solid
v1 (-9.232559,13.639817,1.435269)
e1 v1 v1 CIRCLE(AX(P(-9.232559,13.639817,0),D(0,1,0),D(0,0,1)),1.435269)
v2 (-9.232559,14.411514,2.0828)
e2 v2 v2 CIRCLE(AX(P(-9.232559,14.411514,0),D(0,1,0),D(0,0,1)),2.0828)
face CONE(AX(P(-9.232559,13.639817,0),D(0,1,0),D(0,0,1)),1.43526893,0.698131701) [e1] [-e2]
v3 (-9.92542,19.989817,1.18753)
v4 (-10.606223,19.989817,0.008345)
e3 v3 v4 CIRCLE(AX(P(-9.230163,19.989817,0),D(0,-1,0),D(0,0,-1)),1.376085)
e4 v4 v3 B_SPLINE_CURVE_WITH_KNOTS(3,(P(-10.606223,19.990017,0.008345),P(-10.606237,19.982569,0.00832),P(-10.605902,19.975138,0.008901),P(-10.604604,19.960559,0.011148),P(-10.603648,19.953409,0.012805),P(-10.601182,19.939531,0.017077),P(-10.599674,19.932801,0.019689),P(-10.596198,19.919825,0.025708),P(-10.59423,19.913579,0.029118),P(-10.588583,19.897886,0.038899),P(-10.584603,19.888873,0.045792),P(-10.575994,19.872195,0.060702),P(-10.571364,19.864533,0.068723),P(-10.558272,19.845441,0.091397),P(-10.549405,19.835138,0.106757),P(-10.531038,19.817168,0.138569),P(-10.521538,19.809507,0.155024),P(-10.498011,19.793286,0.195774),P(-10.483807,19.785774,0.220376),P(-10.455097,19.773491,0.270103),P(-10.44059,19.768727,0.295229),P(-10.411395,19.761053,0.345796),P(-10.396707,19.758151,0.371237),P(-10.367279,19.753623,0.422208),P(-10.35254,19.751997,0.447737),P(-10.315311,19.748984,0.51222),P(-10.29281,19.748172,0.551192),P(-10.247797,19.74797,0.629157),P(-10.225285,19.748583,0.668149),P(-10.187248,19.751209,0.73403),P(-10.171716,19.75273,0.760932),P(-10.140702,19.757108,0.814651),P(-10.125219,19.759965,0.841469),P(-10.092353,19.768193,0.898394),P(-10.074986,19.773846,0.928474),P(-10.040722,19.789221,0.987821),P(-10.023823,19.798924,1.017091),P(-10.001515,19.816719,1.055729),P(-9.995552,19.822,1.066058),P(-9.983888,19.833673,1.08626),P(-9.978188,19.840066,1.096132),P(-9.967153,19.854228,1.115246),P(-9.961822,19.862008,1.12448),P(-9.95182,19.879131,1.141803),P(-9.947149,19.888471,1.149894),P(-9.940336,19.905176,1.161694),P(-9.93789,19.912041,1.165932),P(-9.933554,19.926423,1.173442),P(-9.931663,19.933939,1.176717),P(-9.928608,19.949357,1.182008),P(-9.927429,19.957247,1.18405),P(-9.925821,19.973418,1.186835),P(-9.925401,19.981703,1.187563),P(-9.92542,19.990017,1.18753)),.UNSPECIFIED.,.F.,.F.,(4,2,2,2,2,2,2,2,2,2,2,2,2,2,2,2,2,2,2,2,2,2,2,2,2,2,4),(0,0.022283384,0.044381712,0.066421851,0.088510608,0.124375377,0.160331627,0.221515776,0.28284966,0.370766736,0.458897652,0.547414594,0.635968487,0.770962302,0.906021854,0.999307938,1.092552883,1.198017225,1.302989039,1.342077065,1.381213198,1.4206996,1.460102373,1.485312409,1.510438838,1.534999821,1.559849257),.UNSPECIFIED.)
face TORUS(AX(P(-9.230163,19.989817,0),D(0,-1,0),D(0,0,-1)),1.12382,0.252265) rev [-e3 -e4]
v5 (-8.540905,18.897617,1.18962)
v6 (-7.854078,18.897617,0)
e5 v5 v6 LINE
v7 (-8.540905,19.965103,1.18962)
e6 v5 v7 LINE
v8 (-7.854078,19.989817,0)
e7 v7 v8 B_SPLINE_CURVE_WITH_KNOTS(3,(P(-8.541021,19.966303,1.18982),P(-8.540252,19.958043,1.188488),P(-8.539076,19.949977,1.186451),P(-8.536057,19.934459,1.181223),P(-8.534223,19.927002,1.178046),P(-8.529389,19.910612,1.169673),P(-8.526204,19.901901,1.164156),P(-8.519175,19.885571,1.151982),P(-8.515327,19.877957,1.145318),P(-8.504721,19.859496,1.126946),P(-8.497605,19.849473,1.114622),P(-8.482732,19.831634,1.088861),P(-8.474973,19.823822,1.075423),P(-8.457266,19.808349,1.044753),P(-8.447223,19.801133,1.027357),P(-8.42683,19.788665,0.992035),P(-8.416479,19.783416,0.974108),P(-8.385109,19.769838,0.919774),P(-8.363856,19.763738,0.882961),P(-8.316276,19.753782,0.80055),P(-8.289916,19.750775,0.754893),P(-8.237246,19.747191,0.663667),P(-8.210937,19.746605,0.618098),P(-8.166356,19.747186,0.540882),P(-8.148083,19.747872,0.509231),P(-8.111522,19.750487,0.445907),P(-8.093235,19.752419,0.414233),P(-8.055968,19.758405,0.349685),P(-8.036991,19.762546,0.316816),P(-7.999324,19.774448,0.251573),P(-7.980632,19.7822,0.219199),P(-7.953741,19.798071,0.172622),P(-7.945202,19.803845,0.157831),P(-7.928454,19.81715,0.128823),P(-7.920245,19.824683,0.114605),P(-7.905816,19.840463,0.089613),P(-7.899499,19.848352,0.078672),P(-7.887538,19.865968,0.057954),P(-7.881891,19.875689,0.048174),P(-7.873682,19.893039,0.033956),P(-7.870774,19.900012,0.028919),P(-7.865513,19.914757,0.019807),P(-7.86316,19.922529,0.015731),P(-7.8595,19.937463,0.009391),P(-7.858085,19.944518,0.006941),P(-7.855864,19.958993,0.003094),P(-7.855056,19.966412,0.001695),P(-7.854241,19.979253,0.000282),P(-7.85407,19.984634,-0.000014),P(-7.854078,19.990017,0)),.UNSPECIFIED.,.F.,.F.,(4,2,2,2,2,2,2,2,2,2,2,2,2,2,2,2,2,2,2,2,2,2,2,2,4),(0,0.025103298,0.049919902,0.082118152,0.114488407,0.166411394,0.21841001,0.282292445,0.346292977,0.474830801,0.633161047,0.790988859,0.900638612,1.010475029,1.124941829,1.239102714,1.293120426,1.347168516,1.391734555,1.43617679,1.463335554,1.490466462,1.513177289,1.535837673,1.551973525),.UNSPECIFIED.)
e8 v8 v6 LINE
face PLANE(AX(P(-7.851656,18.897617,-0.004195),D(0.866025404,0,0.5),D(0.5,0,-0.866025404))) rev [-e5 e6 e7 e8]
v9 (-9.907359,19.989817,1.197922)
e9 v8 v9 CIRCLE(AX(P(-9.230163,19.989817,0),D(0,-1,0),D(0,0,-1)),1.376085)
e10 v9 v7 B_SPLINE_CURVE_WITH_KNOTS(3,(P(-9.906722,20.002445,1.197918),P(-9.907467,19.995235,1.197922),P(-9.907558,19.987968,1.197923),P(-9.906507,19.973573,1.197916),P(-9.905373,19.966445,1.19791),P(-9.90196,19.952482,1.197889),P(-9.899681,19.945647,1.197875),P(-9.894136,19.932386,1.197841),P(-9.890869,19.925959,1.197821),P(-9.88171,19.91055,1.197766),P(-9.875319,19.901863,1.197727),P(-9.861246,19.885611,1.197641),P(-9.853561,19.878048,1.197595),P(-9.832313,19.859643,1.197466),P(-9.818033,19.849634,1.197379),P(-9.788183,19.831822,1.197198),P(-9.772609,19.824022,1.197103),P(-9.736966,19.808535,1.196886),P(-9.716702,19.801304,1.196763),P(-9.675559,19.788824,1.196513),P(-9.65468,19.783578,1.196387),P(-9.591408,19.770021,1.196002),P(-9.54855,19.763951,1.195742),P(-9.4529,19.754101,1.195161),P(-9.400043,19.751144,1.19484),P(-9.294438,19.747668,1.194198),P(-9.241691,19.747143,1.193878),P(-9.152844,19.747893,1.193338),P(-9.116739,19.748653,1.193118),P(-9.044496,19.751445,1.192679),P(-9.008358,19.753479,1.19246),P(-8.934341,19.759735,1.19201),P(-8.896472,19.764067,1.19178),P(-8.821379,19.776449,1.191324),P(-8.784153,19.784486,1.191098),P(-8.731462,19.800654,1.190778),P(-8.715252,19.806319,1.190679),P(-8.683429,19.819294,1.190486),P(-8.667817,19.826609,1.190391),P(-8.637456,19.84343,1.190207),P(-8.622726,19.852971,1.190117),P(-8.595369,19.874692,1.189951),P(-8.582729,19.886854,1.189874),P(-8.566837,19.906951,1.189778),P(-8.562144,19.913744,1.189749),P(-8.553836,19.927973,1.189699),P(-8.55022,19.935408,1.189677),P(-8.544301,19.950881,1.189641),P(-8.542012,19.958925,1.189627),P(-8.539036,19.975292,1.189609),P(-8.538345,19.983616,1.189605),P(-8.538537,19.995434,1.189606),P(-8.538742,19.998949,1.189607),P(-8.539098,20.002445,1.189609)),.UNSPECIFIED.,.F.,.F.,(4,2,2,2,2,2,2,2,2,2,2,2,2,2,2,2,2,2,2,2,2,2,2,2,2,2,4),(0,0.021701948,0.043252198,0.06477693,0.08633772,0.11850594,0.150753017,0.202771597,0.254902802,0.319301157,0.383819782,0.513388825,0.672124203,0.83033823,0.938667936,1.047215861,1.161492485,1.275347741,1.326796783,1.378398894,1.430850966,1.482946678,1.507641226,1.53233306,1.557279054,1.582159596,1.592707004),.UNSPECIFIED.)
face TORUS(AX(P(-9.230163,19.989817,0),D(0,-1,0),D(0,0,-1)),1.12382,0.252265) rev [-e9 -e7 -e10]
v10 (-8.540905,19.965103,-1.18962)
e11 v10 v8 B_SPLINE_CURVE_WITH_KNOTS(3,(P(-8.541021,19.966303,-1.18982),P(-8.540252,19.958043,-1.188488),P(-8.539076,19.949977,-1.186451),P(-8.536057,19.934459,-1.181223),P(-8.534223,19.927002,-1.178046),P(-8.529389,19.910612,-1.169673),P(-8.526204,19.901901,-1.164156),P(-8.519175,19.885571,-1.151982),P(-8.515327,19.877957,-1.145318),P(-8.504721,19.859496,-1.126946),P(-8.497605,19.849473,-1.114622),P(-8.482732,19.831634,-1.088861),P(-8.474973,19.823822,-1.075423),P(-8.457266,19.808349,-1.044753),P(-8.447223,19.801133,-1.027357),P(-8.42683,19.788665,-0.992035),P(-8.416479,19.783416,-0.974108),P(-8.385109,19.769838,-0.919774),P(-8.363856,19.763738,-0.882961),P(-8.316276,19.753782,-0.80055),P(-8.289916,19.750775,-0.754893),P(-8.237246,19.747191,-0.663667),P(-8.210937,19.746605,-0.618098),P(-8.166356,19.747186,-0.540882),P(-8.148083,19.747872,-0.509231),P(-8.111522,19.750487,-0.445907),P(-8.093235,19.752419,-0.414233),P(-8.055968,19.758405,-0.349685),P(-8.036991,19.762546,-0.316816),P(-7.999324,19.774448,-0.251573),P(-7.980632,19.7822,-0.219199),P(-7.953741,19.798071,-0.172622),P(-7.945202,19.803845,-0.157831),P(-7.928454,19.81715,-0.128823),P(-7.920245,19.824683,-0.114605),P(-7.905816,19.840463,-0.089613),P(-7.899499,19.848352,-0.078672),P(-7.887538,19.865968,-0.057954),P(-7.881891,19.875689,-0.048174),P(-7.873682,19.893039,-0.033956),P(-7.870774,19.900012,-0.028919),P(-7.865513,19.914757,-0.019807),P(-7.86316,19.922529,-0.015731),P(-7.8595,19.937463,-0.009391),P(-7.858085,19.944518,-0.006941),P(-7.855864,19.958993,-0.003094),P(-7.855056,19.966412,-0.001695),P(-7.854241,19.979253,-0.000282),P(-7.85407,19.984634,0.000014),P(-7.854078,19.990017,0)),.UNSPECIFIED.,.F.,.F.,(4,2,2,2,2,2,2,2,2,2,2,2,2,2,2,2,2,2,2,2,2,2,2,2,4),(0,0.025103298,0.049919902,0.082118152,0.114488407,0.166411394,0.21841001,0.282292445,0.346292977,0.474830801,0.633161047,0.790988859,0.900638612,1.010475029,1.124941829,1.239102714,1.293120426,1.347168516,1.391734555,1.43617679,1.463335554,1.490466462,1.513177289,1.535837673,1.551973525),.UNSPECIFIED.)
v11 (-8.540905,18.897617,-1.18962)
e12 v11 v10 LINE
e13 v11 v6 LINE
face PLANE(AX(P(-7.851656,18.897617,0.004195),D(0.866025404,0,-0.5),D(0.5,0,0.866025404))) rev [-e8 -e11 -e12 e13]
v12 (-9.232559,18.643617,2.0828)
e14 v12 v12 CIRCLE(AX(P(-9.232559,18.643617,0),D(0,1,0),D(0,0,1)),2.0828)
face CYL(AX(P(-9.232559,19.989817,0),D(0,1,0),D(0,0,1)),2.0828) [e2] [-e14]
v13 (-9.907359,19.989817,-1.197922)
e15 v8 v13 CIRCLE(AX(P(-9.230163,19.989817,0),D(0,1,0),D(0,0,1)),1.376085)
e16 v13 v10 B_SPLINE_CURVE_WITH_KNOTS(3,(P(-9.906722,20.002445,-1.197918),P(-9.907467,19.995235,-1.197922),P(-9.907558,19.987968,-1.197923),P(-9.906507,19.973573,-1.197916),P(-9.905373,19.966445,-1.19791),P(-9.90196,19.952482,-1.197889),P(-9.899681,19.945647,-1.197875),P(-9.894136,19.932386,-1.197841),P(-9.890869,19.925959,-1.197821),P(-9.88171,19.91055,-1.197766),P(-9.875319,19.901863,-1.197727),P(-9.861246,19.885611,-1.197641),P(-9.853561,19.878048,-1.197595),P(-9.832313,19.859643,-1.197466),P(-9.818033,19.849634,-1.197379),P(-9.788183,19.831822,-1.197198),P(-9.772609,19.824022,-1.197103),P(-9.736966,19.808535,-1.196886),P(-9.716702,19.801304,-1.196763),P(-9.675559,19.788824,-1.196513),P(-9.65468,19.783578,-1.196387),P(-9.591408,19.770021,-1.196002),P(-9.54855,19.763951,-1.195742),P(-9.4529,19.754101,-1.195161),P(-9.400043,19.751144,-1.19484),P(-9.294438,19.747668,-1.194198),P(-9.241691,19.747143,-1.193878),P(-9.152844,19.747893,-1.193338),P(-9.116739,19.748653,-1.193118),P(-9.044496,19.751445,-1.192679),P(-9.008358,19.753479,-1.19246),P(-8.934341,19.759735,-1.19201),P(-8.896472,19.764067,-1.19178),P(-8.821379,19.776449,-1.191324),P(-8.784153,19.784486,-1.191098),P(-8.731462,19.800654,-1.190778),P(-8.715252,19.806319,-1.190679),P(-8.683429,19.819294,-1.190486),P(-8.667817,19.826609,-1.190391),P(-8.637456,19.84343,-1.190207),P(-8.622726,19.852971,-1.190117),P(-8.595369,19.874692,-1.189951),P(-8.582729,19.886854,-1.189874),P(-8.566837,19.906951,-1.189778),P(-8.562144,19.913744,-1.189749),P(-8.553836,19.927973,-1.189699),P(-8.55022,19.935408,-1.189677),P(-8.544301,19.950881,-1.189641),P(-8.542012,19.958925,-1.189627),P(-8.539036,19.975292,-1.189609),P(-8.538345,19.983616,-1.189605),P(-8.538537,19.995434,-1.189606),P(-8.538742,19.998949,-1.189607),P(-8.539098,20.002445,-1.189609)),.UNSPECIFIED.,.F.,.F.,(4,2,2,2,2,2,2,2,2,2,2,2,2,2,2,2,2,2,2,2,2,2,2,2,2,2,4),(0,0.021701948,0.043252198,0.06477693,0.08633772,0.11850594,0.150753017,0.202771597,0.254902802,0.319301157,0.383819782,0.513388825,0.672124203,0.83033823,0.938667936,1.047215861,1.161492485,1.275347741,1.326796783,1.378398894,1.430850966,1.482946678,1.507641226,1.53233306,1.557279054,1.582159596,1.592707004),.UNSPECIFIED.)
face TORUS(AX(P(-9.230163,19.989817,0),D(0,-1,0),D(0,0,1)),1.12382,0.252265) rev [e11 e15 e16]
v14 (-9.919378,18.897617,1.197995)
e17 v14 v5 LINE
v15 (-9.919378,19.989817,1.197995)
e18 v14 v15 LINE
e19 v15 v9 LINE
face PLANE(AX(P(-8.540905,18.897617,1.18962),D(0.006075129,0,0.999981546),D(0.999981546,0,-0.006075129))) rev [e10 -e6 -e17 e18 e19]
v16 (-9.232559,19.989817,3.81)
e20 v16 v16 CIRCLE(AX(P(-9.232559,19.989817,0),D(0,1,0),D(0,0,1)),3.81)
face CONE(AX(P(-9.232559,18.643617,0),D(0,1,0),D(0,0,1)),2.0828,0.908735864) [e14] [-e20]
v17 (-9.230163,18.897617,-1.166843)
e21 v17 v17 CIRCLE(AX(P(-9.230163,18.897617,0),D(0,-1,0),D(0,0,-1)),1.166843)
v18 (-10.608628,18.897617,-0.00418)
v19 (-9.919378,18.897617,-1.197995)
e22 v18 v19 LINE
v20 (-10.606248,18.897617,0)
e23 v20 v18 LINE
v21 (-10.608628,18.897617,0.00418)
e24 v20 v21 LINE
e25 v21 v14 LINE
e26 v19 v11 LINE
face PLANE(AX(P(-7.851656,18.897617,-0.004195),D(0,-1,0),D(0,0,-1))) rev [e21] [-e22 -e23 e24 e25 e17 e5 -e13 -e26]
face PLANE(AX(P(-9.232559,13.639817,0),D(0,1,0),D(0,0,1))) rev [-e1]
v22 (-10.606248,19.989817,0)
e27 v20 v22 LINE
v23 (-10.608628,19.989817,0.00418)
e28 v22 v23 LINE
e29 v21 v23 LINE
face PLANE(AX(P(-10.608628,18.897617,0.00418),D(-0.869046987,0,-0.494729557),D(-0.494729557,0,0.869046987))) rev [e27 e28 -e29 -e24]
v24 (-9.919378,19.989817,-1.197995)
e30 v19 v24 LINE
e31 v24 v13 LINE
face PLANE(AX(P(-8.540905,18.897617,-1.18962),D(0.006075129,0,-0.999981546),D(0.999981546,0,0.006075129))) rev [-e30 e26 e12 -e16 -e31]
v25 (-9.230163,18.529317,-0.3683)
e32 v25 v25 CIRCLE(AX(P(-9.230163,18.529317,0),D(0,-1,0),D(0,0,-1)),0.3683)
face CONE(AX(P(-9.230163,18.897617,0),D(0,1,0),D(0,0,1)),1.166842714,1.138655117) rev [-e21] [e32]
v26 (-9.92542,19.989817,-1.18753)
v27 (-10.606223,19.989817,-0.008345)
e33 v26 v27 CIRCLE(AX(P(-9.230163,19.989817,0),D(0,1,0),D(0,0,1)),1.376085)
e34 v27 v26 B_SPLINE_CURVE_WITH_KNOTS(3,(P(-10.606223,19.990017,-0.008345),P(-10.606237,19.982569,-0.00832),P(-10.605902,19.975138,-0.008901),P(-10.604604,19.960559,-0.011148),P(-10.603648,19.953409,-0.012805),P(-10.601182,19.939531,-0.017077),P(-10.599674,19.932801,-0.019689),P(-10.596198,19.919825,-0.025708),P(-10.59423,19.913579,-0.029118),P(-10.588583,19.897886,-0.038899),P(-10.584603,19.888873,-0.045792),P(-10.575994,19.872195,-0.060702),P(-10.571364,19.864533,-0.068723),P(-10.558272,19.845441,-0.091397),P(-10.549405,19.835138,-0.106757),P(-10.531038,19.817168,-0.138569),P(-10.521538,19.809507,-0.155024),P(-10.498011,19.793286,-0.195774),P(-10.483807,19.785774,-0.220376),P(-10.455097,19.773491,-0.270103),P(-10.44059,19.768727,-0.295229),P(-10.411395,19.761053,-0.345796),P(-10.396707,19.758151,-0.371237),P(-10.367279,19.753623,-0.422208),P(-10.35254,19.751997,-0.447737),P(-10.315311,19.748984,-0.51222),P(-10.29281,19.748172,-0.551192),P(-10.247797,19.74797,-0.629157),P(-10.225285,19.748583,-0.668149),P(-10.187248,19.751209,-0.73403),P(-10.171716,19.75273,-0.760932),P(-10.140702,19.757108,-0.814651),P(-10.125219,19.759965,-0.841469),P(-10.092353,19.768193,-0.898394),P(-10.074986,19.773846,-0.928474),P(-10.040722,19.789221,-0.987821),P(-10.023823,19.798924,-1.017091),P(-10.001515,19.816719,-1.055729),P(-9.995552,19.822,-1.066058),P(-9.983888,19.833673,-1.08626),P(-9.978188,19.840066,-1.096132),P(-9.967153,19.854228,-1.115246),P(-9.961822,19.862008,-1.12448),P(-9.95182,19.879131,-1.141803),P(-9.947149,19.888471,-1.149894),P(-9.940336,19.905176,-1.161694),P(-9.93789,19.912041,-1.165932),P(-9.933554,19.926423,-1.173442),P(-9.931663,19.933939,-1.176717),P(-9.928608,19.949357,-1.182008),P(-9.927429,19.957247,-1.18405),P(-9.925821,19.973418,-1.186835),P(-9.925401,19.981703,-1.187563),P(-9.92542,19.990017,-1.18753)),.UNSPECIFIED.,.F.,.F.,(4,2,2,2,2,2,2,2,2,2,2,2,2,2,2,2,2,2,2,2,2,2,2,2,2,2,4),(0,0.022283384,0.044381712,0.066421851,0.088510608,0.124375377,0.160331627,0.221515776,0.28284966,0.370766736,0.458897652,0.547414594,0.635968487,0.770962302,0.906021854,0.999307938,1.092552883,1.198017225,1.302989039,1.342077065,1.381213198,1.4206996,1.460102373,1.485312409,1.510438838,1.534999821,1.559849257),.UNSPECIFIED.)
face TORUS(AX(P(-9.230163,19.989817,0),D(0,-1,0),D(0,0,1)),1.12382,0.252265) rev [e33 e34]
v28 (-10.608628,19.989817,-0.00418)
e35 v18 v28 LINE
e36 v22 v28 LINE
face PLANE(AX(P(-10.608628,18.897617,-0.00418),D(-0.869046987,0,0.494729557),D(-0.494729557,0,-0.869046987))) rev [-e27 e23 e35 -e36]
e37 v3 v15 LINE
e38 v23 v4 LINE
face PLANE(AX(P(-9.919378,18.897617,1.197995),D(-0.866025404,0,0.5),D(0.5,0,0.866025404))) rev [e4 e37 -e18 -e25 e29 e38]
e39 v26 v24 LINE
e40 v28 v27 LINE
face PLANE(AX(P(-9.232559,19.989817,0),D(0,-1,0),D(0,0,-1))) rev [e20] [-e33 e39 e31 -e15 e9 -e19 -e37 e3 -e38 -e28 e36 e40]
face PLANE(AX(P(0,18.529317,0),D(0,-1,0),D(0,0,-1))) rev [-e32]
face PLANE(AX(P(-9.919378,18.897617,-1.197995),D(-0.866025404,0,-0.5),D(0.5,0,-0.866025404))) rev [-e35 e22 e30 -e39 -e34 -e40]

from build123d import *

# Parameters (mm, degrees)
CUT_EXTRUDE1_DEPTH = 1.0922
CUT_EXTRUDE2_DEPTH = 7.35


with BuildPart() as part:
    # Sketch1 → Revolve1 (revolve)
    with BuildSketch(Plane.XY):
        Polygon((-9.232559292, 19.989816719), (-5.422559292, 19.989816719), (-7.149759292, 18.643616719), (-7.149759292, 14.411514199), (-7.797290363, 13.639816719), (-9.232559292, 13.639816719), align=None)
    revolve(axis=Axis((-9.232559292, 19.989816719, 0), (0, -1, 0)))

    # Sketch2 → Cut-Extrude1 (cut)
    with BuildSketch(Plane(origin=(0, 19.989816719, 0), x_dir=(1, 0, 0), z_dir=(0, 1, 0))):
        Polygon((-9.926643575, 1.1938), (-8.548145113, 1.1938), (-7.851656024, 0.004194621), (-8.540905254, -1.189620065), (-9.919378278, -1.197994621), (-10.608627508, -0.004179935), align=None)
    extrude(amount=-CUT_EXTRUDE1_DEPTH, mode=Mode.SUBTRACT)

    # Sketch4 → Cut-Extrude2 (cut, through all)
    with BuildSketch(Plane(origin=(0, 19.989816719, 0), x_dir=(1, 0, 0), z_dir=(0, 1, 0))):
        Polygon((-13.85844337, 0), (-4.15558518, 0), (-6.419880254, 3.714859107), (-9.922461698, 4.192483849), (-13.787684149, 2.78614433), align=None)
    extrude(amount=-CUT_EXTRUDE2_DEPTH, mode=Mode.SUBTRACT)

    # Sketch5 → Cut-Revolve1 (revolve, cut)
    with BuildSketch(Plane(origin=(0, 0, 0), x_dir=(-1, 0, 0), z_dir=(0, 0, -1))):
        with BuildLine():
            Line((9.230162876, 18.529316719), (9.598462876, 18.529316719))
            Line((9.598462876, 18.529316719), (10.39700559, 18.897616719))
            Line((10.39700559, 18.897616719), (10.39700559, 19.741247113))
            ThreePointArc((10.39700559, 19.741247113), (10.546973564, 19.827359633), (10.606247963, 19.989816719))
            Line((10.606247963, 19.989816719), (10.353982568, 19.989816719))
            Line((10.353982568, 19.989816719), (9.230162876, 19.989816719))
            Line((9.230162876, 19.989816719), (9.230162876, 18.529316719))
        make_face()
    revolve(axis=Axis((-9.230162876, 18.897616719, 0), (0, 1, 0)), mode=Mode.SUBTRACT)

    # Mirror1: part across plane


with BuildPart() as part_1:
    add(part.part)
    add(part.part.mirror(Plane(origin=(-13.85844337, 13.639816719, 0), x_dir=(1, 0, 0), z_dir=(0, 0, 1))))


solid = part_1.part
